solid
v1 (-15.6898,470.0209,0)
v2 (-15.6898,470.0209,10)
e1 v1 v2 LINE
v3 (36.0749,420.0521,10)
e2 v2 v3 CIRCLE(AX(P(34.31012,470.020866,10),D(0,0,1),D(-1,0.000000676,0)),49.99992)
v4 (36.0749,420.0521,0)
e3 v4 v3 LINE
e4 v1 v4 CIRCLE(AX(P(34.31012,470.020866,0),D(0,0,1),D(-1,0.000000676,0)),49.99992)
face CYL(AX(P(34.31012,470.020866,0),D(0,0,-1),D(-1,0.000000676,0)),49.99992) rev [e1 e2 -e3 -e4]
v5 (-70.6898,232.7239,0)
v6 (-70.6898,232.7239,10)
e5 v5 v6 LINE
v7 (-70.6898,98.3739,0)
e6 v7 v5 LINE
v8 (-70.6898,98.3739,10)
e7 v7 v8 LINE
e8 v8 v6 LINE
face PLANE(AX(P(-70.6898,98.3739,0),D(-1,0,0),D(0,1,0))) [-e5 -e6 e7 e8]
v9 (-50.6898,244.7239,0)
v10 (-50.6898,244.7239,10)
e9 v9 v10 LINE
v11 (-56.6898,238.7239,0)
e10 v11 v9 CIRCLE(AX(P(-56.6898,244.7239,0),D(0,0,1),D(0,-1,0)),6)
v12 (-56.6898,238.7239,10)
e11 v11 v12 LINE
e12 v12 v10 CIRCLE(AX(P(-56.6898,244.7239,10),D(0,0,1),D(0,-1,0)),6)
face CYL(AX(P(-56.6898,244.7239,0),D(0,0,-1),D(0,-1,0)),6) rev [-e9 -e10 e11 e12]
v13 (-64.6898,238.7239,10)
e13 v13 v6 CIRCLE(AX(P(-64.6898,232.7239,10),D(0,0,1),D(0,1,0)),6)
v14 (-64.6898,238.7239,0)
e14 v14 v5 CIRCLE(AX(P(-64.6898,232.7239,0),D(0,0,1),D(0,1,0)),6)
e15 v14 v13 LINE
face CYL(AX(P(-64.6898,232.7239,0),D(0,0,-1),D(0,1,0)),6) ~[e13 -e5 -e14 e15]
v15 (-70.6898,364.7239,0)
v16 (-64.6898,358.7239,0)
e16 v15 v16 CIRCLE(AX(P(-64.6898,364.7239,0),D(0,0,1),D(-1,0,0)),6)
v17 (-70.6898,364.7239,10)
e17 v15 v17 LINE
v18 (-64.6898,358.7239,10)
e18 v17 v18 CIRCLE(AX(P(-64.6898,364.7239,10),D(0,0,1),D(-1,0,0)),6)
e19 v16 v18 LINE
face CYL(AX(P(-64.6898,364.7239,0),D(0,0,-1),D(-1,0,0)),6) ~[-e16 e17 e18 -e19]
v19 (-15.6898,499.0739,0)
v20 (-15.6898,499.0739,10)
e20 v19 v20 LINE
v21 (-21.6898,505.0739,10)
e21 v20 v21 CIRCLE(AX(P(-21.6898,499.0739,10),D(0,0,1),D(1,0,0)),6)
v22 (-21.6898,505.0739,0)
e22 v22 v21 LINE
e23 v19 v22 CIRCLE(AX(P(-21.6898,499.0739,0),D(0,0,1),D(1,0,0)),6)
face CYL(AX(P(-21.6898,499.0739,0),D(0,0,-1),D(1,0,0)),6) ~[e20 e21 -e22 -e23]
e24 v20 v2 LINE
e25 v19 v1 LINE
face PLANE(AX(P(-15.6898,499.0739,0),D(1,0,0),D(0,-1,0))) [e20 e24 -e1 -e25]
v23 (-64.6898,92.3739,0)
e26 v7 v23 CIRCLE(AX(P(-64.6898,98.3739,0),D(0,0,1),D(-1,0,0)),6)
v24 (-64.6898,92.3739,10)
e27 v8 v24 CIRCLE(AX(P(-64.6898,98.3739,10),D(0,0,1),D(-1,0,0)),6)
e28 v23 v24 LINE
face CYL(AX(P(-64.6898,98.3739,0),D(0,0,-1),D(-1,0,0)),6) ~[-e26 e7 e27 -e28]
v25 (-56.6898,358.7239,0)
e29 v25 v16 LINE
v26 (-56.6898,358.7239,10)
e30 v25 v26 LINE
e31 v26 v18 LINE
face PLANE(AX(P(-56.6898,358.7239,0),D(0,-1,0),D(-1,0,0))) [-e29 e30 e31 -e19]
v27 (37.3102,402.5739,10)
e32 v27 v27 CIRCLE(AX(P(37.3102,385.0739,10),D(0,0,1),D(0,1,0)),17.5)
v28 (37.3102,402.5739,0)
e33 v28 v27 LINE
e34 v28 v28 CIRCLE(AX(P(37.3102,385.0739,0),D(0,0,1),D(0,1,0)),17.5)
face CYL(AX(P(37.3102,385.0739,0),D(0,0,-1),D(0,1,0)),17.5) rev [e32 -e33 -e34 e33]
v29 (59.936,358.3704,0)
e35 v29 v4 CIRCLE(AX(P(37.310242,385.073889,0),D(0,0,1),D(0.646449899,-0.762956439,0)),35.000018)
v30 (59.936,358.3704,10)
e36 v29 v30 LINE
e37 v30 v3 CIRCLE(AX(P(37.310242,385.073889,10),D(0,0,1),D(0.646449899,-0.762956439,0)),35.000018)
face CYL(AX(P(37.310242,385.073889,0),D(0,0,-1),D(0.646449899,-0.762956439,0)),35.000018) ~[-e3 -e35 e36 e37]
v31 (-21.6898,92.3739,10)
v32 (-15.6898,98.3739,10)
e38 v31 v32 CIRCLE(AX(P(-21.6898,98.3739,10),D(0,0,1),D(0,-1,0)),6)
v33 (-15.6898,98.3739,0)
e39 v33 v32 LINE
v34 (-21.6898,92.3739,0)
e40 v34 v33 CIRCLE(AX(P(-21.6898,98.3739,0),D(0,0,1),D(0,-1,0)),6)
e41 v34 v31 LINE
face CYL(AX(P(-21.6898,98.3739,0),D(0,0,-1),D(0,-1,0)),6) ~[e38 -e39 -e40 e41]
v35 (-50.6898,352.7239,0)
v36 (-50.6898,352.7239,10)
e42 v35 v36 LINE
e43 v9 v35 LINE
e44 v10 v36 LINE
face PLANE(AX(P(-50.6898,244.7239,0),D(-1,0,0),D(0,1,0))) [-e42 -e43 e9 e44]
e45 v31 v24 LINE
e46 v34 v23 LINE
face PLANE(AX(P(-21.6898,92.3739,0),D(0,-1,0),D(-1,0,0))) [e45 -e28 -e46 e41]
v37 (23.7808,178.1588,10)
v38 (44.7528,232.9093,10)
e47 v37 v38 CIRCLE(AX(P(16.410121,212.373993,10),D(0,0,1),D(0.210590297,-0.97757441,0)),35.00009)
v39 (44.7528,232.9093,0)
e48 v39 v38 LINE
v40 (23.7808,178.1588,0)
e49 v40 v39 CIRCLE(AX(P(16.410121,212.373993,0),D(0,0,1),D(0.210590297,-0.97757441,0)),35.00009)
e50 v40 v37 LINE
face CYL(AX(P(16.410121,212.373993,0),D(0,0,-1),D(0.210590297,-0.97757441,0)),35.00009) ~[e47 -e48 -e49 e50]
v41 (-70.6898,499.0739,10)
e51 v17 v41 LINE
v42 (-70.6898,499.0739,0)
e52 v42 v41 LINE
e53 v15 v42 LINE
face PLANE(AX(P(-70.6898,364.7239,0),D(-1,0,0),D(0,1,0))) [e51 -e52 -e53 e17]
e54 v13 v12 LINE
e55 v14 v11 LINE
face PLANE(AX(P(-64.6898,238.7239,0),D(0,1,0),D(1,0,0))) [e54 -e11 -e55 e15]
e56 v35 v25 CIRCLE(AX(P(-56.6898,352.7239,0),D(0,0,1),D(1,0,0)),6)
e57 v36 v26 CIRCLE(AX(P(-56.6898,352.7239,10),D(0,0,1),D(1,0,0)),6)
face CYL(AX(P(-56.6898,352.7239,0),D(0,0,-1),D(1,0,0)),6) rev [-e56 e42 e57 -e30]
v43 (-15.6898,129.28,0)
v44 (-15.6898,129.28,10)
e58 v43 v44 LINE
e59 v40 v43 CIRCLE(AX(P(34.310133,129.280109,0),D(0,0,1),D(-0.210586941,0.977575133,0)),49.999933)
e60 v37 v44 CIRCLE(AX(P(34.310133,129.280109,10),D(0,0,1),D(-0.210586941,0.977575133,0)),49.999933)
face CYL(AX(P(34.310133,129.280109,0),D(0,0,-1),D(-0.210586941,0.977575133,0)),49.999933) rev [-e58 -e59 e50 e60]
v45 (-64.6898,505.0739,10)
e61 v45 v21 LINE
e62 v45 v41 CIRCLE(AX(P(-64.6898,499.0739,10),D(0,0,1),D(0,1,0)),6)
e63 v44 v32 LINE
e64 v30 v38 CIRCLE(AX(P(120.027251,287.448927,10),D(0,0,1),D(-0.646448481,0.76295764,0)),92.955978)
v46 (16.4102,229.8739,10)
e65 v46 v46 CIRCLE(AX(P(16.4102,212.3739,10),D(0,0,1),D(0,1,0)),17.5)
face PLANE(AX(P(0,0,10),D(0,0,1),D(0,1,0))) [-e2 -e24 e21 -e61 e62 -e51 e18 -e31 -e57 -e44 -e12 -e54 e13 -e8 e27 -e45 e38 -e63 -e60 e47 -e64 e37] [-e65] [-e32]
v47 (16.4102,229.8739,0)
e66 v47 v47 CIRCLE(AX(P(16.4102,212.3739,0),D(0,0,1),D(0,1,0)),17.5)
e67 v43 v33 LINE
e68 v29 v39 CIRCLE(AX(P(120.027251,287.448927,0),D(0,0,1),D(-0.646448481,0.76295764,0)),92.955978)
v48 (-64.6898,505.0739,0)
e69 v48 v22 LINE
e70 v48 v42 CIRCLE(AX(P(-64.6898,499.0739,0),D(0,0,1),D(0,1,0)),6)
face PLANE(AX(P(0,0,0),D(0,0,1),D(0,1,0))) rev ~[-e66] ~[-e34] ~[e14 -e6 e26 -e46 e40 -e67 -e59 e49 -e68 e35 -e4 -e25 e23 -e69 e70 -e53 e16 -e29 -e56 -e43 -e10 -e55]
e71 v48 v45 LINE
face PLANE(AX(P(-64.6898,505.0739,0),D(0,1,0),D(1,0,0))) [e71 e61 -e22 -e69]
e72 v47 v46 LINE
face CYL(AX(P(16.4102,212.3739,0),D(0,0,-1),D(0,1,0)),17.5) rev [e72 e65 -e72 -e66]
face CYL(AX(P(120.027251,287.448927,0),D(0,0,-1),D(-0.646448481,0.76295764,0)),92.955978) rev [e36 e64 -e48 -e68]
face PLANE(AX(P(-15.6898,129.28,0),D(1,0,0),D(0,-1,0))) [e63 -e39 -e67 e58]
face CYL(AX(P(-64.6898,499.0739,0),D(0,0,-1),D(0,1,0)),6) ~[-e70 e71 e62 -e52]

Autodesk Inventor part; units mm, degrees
ref_plane "YZ Plane" through (0, 0, 0) normal (1, 0, 0) x (0, 1, 0)
ref_plane "XZ Plane" through (0, 0, 0) normal (0, 1, 0) x (-1, 0, 0)
ref_plane "XY Plane" through (0, 0, 0) normal (0, 0, 1) x (1, 0, 0)
sketch "Sketch1" plane through (0, 0, 0) normal (0, 0, 1) x (0, 1, 0)
  line L0 (98.3739, 70.6898) -> (232.7239, 70.6898)
  line L1 (238.7239, 64.6898) -> (238.7239, 56.6898)
  line L2 (244.7239, 50.6898) -> (352.7239, 50.6898)
  line L3 (358.7239, 56.6898) -> (358.7239, 64.6898)
  line L4 (364.7239, 70.6898) -> (499.0739, 70.6898)
  line L5 (505.0739, 64.6898) -> (505.0739, 21.6898)
  line L6 (499.0739, 15.6898) -> (470.0209, 15.6898)
  arc A0 (470.0209, 15.6898) -> (420.0521, -36.0749) centre (470.0209, -34.3102) ccw
  arc A1 (358.3704, -59.936) -> (420.0521, -36.0749) centre (385.0739, -37.3102) ccw
  arc A2 (358.3704, -59.936) -> (232.9093, -44.7528) centre (287.4489, -120.0273) ccw
  arc A3 (178.1588, -23.7808) -> (232.9093, -44.7528) centre (212.3739, -16.4102) ccw
  line L7 (129.28, 15.6898) -> (98.3739, 15.6898)
  line L8 (92.3739, 21.6898) -> (92.3739, 64.6898)
  circle A4 centre (212.3739, -16.4102) radius 17.5
  circle A5 centre (385.0739, -37.3102) radius 17.5
  arc A6 (178.1588, -23.7808) -> (129.28, 15.6898) centre (129.28, -34.3102) ccw
  arc A7 (92.3739, 21.6898) -> (98.3739, 15.6898) centre (98.3739, 21.6898) ccw
  arc A8 (98.3739, 70.6898) -> (92.3739, 64.6898) centre (98.3739, 64.6898) ccw
  arc A9 (238.7239, 64.6898) -> (232.7239, 70.6898) centre (232.7239, 64.6898) ccw
  arc A10 (238.7239, 56.6898) -> (244.7239, 50.6898) centre (244.7239, 56.6898) ccw
  arc A11 (352.7239, 50.6898) -> (358.7239, 56.6898) centre (352.7239, 56.6898) ccw
  arc A12 (364.7239, 70.6898) -> (358.7239, 64.6898) centre (364.7239, 64.6898) ccw
  arc A13 (505.0739, 64.6898) -> (499.0739, 70.6898) centre (499.0739, 64.6898) ccw
  arc A14 (499.0739, 15.6898) -> (505.0739, 21.6898) centre (499.0739, 21.6898) ccw
  point P0 (238.7239, 50.6898)
  point P1 (358.7239, 50.6898)
  point P2 (505.0739, 70.6898)
  point P3 (505.0739, 15.6898)
  dimension "d0" = 172.7
  dimension "d1" = 20.9
  dimension "d2" = 67.1
  dimension "d3" = 20
  dimension "d4" = 35
  dimension "d5" = 35
  dimension "d6" = 120
  dimension "d7" = 120
  dimension "d8" = 120
  dimension "d9" = 55
  dimension "d10" = 35
  dimension "d11" = 35
  dimension "d12" = 50
  dimension "d13" = 50
  dimension "d14" = 26.35
  dimension "d15" = 6
extrude "Extrusion1" add sketch "Sketch1" along normal blind 10
equation "\"d14\" = -0.5 * d6 + 0.5 * d0"
properties part number "3136 1133 83" material "Steel, Mild"
